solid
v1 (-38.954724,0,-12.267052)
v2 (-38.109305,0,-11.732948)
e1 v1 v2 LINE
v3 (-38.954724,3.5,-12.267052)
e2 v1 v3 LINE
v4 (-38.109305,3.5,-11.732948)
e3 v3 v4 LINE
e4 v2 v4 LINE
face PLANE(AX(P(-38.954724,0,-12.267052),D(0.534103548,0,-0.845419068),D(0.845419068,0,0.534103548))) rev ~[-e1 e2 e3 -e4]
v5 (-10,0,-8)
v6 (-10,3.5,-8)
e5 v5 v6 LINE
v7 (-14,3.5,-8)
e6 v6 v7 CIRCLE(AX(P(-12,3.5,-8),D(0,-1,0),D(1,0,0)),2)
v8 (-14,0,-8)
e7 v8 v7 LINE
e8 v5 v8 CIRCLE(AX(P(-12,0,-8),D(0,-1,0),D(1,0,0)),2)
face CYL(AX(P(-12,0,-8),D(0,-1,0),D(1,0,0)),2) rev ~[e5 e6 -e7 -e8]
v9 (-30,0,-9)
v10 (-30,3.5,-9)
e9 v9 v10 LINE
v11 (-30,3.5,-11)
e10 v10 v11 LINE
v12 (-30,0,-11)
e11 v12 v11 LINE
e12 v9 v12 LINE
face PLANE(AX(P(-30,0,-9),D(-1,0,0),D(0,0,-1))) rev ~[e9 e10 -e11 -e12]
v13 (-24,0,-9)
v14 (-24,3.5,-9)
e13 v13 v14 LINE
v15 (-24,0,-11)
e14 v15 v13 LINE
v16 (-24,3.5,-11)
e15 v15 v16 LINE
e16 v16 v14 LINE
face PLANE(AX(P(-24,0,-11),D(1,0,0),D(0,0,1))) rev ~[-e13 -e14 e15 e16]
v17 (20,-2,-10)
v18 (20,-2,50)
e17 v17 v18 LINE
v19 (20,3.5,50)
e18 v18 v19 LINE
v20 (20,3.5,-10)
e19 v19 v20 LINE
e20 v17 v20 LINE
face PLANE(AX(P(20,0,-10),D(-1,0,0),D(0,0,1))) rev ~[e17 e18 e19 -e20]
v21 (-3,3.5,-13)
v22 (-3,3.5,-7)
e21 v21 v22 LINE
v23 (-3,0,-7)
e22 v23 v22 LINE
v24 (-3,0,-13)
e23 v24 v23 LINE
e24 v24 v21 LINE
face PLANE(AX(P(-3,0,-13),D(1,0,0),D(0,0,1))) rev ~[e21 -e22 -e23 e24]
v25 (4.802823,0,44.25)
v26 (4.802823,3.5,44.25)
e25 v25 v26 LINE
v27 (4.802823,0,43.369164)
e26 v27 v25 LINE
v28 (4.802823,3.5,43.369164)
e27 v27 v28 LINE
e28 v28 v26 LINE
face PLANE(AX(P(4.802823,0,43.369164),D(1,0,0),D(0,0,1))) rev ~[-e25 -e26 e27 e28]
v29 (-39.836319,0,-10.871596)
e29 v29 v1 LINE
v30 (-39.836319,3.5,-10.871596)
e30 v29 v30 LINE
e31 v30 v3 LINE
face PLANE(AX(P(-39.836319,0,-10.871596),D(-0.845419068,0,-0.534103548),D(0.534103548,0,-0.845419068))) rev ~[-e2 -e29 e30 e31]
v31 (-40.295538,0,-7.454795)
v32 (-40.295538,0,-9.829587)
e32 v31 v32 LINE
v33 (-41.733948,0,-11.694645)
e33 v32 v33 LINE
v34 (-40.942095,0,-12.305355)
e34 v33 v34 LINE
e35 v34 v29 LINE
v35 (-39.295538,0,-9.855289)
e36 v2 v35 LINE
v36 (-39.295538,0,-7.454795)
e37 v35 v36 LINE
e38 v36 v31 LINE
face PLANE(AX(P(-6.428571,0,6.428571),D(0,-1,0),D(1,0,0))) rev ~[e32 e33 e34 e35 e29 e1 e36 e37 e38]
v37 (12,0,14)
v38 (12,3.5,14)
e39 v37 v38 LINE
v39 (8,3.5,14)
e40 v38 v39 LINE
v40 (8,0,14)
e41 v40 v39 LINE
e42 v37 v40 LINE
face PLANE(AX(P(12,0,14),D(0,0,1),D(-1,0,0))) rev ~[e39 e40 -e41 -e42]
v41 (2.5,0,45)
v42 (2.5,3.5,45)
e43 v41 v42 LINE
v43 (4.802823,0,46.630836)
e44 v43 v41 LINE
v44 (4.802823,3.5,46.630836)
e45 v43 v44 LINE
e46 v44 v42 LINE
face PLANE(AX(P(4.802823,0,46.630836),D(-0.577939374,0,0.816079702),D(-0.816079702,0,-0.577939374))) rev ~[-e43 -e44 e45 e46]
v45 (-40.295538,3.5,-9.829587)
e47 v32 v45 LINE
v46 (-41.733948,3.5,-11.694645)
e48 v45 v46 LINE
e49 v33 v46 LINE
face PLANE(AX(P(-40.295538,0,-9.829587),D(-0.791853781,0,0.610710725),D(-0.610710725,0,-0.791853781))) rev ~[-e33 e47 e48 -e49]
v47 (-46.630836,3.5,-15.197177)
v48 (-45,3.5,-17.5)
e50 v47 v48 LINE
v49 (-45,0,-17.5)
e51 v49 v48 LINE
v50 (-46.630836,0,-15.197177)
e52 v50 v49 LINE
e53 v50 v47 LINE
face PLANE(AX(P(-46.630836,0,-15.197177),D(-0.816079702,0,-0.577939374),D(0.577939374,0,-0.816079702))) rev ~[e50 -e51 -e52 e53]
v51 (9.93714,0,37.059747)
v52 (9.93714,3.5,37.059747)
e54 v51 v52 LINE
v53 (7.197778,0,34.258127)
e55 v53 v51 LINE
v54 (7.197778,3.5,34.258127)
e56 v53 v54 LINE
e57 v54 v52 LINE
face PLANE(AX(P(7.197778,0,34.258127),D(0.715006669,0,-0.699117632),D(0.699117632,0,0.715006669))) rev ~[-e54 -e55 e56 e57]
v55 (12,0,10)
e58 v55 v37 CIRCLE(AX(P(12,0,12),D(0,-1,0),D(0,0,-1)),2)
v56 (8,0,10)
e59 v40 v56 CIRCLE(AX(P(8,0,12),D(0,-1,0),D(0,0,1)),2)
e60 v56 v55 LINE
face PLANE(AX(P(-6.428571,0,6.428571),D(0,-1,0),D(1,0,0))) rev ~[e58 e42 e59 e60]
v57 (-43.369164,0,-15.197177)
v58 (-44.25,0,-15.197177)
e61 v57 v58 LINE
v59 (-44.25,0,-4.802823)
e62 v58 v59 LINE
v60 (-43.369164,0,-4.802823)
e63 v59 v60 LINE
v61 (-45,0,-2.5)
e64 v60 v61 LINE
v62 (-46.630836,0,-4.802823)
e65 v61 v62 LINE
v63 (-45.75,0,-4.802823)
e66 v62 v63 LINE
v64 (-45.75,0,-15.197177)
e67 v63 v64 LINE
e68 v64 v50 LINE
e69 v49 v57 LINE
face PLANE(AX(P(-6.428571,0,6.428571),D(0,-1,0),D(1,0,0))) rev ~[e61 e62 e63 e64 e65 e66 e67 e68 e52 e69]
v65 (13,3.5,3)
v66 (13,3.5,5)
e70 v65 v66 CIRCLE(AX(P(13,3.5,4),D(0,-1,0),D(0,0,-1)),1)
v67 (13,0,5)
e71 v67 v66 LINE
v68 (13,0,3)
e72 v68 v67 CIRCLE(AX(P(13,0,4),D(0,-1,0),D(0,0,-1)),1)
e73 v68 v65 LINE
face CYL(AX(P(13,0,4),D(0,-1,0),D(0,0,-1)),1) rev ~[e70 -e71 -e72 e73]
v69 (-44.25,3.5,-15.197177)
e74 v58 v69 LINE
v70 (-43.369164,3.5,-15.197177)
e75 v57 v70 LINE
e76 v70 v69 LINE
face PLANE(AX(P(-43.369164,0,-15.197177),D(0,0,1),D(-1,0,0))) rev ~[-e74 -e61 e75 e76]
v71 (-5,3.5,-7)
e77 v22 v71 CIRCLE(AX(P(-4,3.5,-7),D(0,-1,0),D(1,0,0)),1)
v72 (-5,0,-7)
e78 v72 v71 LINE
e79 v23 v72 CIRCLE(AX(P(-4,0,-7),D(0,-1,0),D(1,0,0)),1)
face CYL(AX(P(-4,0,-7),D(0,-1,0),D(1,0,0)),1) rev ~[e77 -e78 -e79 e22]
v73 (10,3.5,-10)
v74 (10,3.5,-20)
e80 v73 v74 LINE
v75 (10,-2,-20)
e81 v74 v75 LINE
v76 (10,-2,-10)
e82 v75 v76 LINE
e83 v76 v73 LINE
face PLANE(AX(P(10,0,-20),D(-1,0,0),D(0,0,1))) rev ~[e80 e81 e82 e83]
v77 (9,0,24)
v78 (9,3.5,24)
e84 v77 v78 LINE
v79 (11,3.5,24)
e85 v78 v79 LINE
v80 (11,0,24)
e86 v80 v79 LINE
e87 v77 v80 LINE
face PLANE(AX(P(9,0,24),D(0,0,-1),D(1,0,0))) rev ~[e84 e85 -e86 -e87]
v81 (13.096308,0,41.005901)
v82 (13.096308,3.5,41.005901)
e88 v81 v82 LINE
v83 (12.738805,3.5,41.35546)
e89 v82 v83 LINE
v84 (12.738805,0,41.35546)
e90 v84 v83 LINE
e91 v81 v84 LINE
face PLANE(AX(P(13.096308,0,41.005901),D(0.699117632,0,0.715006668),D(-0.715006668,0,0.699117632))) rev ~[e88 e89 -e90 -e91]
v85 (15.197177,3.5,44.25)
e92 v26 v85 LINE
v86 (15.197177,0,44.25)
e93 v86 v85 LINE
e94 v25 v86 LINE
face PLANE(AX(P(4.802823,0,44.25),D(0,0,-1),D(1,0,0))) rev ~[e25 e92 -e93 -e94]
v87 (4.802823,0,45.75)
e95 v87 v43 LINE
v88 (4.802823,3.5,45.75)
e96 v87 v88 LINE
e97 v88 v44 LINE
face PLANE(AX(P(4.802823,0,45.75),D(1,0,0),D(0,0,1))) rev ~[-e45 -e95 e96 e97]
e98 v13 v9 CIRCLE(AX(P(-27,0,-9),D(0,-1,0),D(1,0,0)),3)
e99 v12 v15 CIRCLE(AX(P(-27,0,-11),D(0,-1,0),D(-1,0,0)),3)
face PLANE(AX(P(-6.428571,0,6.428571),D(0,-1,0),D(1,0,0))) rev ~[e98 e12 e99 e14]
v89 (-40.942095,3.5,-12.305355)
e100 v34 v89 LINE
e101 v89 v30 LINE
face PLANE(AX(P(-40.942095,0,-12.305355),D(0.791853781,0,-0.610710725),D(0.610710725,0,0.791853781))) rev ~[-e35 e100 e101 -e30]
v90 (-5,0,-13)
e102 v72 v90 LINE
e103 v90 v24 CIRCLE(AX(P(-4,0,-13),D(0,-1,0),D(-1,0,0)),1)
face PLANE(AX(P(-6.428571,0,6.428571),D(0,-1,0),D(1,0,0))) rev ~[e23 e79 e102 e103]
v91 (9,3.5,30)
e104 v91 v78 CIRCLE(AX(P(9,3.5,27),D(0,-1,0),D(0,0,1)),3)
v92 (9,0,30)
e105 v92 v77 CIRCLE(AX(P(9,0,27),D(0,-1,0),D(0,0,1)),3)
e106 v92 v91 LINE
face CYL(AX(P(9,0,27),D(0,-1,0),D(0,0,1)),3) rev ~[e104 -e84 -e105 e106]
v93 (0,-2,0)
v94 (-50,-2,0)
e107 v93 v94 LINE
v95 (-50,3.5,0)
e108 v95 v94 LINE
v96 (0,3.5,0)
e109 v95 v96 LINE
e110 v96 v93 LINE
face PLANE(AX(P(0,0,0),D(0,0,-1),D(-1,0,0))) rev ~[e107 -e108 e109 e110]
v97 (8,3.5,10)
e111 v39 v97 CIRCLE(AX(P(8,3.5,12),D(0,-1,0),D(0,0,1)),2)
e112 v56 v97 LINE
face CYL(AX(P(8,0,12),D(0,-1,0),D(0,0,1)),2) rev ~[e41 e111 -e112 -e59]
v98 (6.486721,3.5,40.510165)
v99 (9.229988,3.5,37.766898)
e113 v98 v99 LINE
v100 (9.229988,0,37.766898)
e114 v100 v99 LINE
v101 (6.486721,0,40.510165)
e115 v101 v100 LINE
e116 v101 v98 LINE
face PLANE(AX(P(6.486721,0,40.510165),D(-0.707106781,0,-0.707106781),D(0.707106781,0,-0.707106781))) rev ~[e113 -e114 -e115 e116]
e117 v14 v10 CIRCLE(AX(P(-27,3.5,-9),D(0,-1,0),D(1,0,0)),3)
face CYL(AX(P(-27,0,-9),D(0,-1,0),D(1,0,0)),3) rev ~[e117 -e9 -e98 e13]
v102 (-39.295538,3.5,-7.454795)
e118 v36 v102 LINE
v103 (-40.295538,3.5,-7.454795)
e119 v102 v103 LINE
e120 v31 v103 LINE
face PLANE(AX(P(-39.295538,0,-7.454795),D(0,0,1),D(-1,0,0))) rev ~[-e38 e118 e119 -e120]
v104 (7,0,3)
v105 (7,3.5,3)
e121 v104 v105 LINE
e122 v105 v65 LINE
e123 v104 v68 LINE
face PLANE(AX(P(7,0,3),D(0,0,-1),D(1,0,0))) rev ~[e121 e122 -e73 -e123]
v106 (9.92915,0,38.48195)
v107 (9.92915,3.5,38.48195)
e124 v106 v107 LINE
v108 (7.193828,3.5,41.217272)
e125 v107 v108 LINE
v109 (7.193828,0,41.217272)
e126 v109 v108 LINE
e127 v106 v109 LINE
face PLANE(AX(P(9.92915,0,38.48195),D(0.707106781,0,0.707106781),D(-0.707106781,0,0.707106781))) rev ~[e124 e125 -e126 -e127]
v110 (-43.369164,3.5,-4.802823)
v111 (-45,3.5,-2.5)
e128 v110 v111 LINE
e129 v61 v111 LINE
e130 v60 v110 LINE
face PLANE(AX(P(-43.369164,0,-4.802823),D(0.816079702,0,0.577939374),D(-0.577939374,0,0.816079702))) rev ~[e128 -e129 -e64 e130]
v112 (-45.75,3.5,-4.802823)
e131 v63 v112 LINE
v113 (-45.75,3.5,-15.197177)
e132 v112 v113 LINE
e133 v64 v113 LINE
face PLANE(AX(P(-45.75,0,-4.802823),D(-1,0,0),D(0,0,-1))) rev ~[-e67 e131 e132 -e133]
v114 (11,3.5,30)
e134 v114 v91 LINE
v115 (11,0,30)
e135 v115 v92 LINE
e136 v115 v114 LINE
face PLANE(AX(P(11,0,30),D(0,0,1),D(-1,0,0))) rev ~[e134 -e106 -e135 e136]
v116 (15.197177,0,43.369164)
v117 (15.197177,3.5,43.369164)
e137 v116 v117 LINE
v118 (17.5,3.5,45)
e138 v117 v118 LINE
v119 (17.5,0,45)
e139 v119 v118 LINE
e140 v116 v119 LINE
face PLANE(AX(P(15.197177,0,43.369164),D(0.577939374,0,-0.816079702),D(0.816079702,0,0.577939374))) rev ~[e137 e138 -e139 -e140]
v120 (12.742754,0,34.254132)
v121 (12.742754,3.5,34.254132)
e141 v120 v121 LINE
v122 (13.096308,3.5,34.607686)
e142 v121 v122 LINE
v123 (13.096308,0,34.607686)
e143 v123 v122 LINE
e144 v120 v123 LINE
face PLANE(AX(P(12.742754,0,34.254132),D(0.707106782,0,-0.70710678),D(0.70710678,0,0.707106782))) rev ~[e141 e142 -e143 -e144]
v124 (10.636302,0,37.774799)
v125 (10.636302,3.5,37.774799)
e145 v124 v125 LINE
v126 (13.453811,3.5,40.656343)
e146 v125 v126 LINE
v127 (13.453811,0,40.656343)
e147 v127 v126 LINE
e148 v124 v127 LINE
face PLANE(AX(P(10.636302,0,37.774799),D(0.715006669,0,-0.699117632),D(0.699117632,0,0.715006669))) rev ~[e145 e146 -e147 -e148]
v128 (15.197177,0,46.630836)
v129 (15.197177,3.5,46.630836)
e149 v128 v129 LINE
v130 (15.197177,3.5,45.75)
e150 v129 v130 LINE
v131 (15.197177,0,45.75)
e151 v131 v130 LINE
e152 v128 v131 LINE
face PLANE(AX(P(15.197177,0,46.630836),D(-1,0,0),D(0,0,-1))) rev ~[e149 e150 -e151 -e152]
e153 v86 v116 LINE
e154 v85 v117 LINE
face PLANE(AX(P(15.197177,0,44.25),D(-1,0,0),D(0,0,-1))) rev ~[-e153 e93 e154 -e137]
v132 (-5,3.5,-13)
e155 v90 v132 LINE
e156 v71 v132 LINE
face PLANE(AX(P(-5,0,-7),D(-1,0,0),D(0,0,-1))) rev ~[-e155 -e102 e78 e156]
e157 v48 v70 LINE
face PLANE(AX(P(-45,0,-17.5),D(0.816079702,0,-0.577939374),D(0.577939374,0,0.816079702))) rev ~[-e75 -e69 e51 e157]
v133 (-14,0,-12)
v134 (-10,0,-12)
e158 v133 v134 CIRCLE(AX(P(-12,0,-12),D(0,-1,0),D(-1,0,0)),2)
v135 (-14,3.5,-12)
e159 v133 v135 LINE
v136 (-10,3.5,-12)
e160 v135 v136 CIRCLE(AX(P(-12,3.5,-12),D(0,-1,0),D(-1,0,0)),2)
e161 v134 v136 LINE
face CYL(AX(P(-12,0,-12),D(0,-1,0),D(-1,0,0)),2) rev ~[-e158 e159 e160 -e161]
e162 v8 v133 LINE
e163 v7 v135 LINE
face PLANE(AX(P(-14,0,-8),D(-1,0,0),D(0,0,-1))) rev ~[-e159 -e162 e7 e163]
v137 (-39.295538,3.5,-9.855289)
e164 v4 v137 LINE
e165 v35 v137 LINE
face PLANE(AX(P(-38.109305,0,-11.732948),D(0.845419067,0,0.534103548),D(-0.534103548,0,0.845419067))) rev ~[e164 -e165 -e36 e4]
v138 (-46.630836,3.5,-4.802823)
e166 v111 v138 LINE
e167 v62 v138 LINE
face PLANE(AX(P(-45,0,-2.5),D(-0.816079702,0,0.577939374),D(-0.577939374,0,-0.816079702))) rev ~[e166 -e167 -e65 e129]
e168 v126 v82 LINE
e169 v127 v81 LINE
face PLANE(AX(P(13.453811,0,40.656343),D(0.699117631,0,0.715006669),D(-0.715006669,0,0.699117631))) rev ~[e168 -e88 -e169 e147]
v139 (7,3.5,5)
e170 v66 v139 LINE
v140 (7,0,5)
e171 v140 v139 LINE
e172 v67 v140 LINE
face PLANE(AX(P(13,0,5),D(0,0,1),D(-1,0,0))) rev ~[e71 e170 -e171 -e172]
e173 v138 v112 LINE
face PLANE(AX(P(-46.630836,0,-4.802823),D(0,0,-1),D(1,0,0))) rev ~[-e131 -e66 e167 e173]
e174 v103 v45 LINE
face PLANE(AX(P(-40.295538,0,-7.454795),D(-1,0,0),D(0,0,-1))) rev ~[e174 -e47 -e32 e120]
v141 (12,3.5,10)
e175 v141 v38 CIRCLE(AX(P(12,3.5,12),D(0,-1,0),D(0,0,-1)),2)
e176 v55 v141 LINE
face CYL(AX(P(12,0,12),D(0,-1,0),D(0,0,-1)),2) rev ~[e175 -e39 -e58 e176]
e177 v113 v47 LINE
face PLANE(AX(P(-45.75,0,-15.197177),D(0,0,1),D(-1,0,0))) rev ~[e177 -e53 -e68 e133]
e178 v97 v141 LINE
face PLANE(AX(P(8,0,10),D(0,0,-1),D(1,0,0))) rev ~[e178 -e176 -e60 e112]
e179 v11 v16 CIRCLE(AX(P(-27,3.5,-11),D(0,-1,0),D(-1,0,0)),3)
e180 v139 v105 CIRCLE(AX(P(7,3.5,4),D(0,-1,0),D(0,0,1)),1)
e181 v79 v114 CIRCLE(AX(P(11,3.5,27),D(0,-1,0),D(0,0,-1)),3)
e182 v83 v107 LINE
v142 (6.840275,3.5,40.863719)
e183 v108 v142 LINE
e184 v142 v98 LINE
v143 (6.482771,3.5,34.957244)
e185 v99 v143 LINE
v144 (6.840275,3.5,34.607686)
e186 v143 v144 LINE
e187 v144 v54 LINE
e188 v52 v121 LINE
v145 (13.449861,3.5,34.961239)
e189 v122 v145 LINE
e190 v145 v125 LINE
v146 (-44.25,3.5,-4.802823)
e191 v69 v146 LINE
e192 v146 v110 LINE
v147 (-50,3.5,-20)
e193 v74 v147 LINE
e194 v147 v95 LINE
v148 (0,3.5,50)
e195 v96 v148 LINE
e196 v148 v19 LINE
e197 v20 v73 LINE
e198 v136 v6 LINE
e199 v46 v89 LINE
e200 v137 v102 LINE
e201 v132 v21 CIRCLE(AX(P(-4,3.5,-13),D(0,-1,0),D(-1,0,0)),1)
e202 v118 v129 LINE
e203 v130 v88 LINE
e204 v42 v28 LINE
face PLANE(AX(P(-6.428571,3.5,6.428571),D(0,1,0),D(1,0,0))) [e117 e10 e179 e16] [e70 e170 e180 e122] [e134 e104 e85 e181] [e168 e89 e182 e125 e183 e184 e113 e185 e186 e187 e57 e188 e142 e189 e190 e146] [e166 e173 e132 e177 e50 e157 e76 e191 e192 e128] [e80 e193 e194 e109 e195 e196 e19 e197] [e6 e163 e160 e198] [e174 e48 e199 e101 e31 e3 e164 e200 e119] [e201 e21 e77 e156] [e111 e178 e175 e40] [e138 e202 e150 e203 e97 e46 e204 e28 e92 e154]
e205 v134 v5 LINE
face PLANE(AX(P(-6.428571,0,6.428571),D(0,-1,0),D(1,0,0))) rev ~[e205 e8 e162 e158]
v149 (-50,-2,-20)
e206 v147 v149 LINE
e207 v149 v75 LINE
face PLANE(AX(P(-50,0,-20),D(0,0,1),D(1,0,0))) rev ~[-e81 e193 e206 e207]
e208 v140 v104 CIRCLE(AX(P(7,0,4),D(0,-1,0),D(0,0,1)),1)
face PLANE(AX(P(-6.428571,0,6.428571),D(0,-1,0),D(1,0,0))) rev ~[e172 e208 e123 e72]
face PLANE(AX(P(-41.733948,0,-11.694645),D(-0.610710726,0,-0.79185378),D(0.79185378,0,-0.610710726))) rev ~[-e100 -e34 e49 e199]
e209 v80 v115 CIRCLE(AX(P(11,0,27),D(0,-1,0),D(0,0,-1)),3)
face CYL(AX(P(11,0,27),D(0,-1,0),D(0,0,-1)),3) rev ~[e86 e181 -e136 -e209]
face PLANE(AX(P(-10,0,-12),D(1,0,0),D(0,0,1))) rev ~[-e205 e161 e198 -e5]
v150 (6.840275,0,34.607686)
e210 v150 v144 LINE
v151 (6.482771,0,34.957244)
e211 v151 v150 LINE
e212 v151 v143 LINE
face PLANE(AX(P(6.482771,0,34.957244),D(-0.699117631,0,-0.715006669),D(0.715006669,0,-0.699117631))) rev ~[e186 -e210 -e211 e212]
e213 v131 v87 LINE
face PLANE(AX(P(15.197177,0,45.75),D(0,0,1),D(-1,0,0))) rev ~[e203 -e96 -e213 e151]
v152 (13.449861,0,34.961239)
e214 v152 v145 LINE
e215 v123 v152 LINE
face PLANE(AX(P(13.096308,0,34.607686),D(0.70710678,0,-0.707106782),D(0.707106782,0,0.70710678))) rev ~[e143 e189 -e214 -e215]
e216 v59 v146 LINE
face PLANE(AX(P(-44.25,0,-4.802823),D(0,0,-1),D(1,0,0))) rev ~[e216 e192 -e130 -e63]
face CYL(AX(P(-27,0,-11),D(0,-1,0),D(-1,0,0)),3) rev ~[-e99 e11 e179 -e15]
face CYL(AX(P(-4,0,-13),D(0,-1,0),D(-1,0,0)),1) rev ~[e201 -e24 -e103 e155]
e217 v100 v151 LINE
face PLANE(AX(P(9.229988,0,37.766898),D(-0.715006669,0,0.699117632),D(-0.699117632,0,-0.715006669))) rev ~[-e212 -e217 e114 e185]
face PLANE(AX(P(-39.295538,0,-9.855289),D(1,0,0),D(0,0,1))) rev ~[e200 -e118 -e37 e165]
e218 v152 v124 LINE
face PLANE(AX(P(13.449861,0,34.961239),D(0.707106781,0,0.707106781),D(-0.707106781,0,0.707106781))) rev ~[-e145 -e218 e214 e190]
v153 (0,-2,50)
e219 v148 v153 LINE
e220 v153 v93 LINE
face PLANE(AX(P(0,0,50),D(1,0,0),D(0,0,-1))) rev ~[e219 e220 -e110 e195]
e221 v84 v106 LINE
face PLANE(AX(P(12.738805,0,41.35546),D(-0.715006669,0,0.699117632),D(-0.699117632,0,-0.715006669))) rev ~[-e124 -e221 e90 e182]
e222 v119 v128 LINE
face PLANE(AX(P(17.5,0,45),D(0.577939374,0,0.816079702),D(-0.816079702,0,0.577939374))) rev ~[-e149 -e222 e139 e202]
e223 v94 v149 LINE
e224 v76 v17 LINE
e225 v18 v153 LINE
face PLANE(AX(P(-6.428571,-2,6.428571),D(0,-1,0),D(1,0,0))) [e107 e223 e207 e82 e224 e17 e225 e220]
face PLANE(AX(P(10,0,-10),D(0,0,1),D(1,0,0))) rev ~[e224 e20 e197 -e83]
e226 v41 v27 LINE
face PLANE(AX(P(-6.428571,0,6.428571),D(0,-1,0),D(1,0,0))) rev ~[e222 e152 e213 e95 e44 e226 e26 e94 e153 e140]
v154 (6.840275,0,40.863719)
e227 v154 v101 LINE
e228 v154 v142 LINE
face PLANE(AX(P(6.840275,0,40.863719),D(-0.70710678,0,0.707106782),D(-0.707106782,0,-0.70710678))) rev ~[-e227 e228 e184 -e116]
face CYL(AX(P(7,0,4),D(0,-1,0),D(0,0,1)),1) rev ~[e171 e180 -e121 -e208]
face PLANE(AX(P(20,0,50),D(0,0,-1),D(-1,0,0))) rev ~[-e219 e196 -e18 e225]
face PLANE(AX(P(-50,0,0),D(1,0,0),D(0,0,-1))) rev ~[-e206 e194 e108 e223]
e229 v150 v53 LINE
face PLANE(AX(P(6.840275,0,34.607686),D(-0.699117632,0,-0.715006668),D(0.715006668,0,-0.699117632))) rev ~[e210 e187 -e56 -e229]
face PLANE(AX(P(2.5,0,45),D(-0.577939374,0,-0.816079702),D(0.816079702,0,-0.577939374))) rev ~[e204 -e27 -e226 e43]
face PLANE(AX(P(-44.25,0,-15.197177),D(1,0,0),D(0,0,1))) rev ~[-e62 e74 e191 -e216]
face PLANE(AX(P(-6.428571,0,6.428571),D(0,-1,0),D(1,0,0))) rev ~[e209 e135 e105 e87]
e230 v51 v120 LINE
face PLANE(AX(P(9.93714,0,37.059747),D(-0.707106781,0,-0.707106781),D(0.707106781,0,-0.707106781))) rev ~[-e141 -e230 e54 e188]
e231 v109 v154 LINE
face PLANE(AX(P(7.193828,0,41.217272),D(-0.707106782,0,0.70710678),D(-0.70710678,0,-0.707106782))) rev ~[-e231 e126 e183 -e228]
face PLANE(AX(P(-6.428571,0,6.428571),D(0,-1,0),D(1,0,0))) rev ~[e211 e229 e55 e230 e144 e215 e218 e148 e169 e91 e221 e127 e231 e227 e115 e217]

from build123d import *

# Parameters (mm, degrees)
BOSS_EXTRUDE1_DEPTH = 3.5
BOSS_EXTRUDE3_DEPTH = 2


with BuildPart() as part:
    # Sketch1 → Boss-Extrude1 (new body)
    with BuildSketch(Plane(origin=(0, 0, 0), x_dir=(1, 0, 0), z_dir=(0, 1, 0))):
        Polygon((20, 10), (10, 10), (10, 20), (-50, 20), (-50, 0), (0, 0), (0, -50), (20, -50), align=None)
        Polygon((15.197176758, -43.369163918), (17.5, -45), (15.197176758, -46.630836082), (15.197176758, -45.75), (4.802823242, -45.75), (4.802823242, -46.630836082), (2.5, -45), (4.802823242, -43.369163918), (4.802823242, -44.25), (15.197176758, -44.25), align=None, mode=Mode.SUBTRACT)
        Polygon((7.193827961, -41.21727219), (6.840274571, -40.863718799), (6.48672118, -40.510165409), (9.229988375, -37.766898214), (6.482771236, -34.957244322), (6.840274571, -34.607685506), (7.197777905, -34.25812669), (9.93713979, -37.059746799), (12.742754474, -34.254132115), (13.096307864, -34.607685506), (13.449861255, -34.961238896), (10.636301551, -37.7747986), (13.453811199, -40.656342558), (13.096307864, -41.005901374), (12.73880453, -41.35546019), (9.929150136, -38.481950015), align=None, mode=Mode.SUBTRACT)
        with BuildLine():
            Line((9, -24), (11, -24))
            ThreePointArc((11, -24), (14, -27), (11, -30))
            Line((11, -30), (9, -30))
            ThreePointArc((9, -30), (6, -27), (9, -24))
        make_face(mode=Mode.SUBTRACT)
        Polygon((-43.369163918, 4.802823242), (-45, 2.5), (-46.630836082, 4.802823242), (-45.75, 4.802823242), (-45.75, 15.197176758), (-46.630836082, 15.197176758), (-45, 17.5), (-43.369163918, 15.197176758), (-44.25, 15.197176758), (-44.25, 4.802823242), align=None, mode=Mode.SUBTRACT)
        Polygon((-40.942094571, 12.305355363), (-39.836319425, 10.871595985), (-38.954723638, 12.267051774), (-38.10930457, 11.732948226), (-39.295537885, 9.85528936), (-39.295537885, 7.454795226), (-40.295537885, 7.454795226), (-40.295537885, 9.829586897), (-41.733948351, 11.694644637), align=None, mode=Mode.SUBTRACT)
        with BuildLine():
            ThreePointArc((-30, 11), (-27, 14), (-24, 11))
            Line((-24, 11), (-24, 9))
            ThreePointArc((-24, 9), (-27, 6), (-30, 9))
            Line((-30, 9), (-30, 11))
        make_face(mode=Mode.SUBTRACT)
        with BuildLine():
            Line((8, -10), (12, -10))
            ThreePointArc((12, -10), (14, -12), (12, -14))
            Line((12, -14), (8, -14))
            ThreePointArc((8, -14), (6, -12), (8, -10))
        make_face(mode=Mode.SUBTRACT)
        with BuildLine():
            Line((7, -3), (13, -3))
            ThreePointArc((13, -3), (14, -4), (13, -5))
            Line((13, -5), (7, -5))
            ThreePointArc((7, -5), (6, -4), (7, -3))
        make_face(mode=Mode.SUBTRACT)
        with BuildLine():
            ThreePointArc((-14, 12), (-12, 14), (-10, 12))
            Line((-10, 12), (-10, 8))
            ThreePointArc((-10, 8), (-12, 6), (-14, 8))
            Line((-14, 8), (-14, 12))
        make_face(mode=Mode.SUBTRACT)
        with BuildLine():
            ThreePointArc((-5, 13), (-4, 14), (-3, 13))
            Line((-3, 13), (-3, 7))
            ThreePointArc((-3, 7), (-4, 6), (-5, 7))
            Line((-5, 7), (-5, 13))
        make_face(mode=Mode.SUBTRACT)
    extrude(amount=BOSS_EXTRUDE1_DEPTH)

    # Sketch2 → Boss-Extrude3 (add)
    with BuildSketch(Plane.XZ):
        Polygon((20, 50), (0, 50), (0, 0), (-50, 0), (-50, -20), (10, -20), (10, -10), (20, -10), align=None)
    extrude(amount=BOSS_EXTRUDE3_DEPTH)


solid = part.part
